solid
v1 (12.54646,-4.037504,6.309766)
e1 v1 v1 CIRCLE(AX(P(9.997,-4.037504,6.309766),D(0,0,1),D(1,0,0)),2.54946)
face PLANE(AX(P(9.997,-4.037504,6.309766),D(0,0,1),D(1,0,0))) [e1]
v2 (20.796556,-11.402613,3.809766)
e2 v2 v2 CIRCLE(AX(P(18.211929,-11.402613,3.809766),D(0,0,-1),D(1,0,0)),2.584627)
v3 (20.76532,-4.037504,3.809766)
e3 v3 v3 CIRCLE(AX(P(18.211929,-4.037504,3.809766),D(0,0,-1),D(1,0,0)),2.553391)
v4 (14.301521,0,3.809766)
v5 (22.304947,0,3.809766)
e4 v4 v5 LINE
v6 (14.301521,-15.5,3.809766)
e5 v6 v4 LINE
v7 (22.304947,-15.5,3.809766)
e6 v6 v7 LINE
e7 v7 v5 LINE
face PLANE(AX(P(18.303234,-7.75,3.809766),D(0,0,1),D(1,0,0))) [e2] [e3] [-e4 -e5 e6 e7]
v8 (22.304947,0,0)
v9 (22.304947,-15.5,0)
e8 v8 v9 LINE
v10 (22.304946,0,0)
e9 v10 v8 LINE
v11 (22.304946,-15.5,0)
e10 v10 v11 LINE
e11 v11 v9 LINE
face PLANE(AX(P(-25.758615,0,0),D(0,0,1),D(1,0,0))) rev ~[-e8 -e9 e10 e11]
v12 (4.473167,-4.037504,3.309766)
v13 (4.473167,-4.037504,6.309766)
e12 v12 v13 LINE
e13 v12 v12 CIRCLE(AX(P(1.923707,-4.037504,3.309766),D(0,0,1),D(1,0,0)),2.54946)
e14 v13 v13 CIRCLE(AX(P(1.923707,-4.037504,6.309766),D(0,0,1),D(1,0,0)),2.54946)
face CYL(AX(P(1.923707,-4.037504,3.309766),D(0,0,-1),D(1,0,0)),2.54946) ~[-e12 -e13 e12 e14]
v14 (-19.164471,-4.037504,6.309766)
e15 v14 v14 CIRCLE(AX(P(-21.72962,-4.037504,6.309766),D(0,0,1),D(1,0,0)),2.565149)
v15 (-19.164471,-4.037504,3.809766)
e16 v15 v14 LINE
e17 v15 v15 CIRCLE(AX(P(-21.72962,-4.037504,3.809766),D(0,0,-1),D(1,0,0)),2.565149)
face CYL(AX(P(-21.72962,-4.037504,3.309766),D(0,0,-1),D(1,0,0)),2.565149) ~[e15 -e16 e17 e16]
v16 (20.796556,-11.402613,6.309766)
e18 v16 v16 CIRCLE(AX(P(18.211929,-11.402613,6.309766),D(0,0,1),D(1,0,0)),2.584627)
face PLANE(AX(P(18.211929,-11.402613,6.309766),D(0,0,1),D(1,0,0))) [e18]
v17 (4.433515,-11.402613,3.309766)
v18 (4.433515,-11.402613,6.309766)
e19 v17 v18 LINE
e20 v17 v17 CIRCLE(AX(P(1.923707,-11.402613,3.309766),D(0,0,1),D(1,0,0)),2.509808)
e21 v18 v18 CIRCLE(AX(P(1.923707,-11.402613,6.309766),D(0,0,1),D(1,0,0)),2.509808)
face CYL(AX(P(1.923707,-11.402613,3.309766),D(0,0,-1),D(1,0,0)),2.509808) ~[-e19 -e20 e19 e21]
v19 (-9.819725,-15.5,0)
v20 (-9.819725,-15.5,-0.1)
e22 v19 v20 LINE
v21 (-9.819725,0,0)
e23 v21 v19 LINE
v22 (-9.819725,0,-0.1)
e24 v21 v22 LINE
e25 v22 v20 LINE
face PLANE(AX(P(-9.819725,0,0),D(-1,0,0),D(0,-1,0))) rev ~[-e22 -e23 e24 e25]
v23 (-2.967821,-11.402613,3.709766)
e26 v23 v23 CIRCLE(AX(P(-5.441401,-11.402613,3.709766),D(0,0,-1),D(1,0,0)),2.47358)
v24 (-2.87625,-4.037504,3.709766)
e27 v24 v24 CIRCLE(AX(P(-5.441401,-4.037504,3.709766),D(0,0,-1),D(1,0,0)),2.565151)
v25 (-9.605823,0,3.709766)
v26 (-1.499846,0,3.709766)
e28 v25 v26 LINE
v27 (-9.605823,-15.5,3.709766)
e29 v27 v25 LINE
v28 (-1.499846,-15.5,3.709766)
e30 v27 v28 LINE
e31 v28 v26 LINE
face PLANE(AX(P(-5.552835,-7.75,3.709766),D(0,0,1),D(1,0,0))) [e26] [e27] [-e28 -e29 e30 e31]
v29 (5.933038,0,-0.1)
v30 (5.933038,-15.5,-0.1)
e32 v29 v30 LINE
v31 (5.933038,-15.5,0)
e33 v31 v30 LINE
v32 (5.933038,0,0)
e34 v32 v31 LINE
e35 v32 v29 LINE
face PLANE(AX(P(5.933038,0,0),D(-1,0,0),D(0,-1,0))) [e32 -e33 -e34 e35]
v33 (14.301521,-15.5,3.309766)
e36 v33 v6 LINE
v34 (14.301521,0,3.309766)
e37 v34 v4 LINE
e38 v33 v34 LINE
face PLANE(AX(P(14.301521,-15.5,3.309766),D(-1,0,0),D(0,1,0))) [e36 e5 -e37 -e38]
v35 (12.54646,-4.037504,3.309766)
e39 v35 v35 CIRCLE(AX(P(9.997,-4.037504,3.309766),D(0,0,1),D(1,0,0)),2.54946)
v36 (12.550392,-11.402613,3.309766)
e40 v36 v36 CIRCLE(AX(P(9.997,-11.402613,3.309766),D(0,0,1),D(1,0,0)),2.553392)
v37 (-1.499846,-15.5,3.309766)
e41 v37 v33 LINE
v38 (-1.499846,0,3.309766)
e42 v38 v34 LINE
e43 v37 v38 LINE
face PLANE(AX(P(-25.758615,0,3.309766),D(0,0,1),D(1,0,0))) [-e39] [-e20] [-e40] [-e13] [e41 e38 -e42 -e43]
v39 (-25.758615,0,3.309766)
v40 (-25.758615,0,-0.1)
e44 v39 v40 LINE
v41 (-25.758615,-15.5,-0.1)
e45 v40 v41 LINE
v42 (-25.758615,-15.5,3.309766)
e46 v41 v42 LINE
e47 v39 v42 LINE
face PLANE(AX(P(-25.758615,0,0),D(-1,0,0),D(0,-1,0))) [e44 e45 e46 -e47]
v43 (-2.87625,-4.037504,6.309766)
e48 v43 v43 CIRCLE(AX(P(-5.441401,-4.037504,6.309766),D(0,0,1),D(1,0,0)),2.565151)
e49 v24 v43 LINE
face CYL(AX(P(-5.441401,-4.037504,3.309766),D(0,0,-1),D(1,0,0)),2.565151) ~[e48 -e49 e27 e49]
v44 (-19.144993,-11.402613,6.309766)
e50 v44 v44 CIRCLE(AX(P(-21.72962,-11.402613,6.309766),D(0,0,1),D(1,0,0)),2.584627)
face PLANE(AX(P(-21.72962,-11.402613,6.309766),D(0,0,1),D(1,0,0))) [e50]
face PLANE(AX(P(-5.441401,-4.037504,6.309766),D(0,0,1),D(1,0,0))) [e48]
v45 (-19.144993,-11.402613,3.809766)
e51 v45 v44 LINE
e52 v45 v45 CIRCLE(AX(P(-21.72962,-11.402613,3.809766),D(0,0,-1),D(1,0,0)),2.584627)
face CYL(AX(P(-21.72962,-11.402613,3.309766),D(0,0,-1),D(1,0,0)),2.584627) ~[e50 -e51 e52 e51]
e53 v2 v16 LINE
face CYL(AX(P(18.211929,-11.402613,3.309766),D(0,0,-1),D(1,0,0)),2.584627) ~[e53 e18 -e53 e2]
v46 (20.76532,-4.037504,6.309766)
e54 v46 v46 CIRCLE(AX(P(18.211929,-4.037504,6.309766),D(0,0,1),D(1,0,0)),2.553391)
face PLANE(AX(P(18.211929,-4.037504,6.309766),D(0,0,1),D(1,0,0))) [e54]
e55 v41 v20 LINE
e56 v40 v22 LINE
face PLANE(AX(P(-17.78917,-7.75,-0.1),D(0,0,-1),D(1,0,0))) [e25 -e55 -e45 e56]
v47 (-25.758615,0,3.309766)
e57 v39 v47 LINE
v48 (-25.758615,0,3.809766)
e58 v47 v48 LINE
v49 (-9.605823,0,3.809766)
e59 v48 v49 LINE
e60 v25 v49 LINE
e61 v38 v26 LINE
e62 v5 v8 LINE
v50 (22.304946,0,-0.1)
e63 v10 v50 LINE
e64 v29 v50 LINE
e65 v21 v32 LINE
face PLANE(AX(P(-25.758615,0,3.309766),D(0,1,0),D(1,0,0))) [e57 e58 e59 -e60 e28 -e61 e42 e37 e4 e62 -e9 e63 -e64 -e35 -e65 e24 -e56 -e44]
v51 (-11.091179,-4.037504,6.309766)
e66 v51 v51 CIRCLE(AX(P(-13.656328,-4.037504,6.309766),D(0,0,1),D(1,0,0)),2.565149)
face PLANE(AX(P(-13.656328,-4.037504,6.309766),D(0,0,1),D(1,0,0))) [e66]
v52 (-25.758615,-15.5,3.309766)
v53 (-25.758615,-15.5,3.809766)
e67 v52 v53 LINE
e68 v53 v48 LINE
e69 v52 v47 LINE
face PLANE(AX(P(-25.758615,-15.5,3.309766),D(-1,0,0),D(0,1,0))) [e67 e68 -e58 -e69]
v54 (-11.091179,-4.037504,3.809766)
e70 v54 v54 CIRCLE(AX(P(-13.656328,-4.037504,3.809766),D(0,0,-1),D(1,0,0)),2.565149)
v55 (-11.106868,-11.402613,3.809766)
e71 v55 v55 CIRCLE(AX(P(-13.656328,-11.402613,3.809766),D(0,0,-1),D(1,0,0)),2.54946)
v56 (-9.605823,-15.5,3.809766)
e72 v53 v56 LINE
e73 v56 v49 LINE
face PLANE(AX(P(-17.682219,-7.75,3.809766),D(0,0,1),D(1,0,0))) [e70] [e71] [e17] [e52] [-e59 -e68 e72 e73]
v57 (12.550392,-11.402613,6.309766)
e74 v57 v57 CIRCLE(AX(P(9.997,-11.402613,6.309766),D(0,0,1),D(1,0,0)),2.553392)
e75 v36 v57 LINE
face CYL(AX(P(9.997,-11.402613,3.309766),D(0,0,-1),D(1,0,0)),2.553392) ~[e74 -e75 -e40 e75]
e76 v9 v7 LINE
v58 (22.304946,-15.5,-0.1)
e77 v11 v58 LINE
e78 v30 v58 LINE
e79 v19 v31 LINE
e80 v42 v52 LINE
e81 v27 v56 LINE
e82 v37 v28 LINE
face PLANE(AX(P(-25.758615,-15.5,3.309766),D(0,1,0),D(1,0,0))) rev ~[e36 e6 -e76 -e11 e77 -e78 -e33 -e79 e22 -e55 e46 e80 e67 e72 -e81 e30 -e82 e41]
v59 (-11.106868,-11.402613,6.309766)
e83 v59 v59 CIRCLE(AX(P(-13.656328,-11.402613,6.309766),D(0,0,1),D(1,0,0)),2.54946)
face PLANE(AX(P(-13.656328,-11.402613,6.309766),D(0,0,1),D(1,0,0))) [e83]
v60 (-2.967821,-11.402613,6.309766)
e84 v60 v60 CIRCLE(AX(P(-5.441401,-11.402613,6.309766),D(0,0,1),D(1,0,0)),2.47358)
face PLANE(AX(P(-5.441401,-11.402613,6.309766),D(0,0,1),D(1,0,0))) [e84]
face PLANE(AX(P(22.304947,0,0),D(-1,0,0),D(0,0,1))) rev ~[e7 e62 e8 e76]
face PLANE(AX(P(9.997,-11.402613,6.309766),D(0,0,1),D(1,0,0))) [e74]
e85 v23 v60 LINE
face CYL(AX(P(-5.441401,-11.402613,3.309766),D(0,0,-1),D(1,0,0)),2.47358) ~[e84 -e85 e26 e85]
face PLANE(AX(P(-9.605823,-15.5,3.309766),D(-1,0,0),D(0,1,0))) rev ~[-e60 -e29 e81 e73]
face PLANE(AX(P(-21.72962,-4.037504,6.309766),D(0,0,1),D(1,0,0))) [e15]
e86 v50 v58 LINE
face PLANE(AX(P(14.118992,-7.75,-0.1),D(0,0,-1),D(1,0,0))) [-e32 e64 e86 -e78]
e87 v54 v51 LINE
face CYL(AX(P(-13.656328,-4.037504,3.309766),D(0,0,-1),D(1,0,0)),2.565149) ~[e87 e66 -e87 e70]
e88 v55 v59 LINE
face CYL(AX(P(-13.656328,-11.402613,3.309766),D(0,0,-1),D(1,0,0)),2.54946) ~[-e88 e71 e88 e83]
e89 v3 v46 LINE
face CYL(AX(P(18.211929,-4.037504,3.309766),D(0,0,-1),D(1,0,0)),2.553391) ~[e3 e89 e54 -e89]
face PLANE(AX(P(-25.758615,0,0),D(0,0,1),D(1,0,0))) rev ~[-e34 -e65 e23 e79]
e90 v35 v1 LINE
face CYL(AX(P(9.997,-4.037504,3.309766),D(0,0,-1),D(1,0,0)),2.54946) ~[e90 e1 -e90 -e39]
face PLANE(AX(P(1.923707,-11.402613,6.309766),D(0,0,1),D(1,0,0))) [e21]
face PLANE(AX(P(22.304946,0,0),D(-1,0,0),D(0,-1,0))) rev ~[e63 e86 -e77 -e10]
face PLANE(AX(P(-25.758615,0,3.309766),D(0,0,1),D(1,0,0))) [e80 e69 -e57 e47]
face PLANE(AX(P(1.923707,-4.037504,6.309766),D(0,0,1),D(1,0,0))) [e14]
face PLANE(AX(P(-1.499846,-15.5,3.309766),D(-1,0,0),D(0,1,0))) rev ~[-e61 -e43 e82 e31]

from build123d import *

# Parameters (mm, degrees)
F0_W     = 48.063562
F0_H     = 3.309766
F1_DEPTH = 15.5
F2_R     = 2.565149
F2_R_2   = 2.584627
F2_R_3   = 2.54946
F2_R_4   = 2.565151
F2_R_5   = 2.47358
F2_R_6   = 2.509808
F2_R_7   = 2.553392
F2_R_8   = 2.553391
F3_DEPTH = 3
F4_W     = 16.371909
F4_H     = 15.5
F4_W_2   = 15.93889
F5_DEPTH = 0.1
F6_W     = 16.152791
F6_H     = 15.5
F6_W_2   = 8.003426
F7_DEPTH = 0.5
F8_W     = 8.105978
F8_H     = 15.5
F9_DEPTH = 0.4


with BuildPart() as f1:
    # F0 (on Front) → F1 (new body)
    with BuildSketch(Plane.XZ):
        with Locations((-1.726834, 1.654883)):
            Rectangle(F0_W, F0_H)
    extrude(amount=F1_DEPTH)

    # F2 (on face) → F3 (join)
    with BuildSketch(Plane.XY.offset(3.309766)):
        with Locations((-21.72962, -4.037504)):
            Circle(F2_R)
        with Locations((-21.72962, -11.402613)):
            Circle(F2_R_2)
        with Locations((-13.656328, -11.402613)):
            Circle(F2_R_3)
        with Locations((-13.656328, -4.037504)):
            Circle(F2_R)
        with Locations((-5.441401, -4.037504)):
            Circle(F2_R_4)
        with Locations((-5.441401, -11.402613)):
            Circle(F2_R_5)
        with Locations((1.923707, -11.402613)):
            Circle(F2_R_6)
        with Locations((1.923707, -4.037504)):
            Circle(F2_R_3)
        with Locations((9.997, -4.037504)):
            Circle(F2_R_3)
        with Locations((9.997, -11.402613)):
            Circle(F2_R_7)
        with Locations((18.211929, -11.402613)):
            Circle(F2_R_2)
        with Locations((18.211929, -4.037504)):
            Circle(F2_R_8)
    extrude(amount=F3_DEPTH)

    # F4 (on face) → F5 (join)
    with BuildSketch(Plane(origin=(0, 0, 0), x_dir=(1, 0, 0), z_dir=(0, 0, -1))):
        with Locations((14.118992, 7.75)):
            Rectangle(F4_W, F4_H)
        with Locations((-17.78917, 7.75)):
            Rectangle(F4_W_2, F4_H)
    extrude(amount=F5_DEPTH)

    # F6 (on face) → F7 (join)
    with BuildSketch(Plane.XY.offset(3.309766)):
        with Locations((-17.682219, -7.75)):
            Rectangle(F6_W, F6_H)
        with Locations((18.303234, -7.75)):
            Rectangle(F6_W_2, F6_H)
    extrude(amount=F7_DEPTH)

    # F8 (on face) → F9 (join)
    with BuildSketch(Plane.XY.offset(3.309766)):
        with Locations((-5.552835, -7.75)):
            Rectangle(F8_W, F8_H)
    extrude(amount=F9_DEPTH)


solid = f1.part
